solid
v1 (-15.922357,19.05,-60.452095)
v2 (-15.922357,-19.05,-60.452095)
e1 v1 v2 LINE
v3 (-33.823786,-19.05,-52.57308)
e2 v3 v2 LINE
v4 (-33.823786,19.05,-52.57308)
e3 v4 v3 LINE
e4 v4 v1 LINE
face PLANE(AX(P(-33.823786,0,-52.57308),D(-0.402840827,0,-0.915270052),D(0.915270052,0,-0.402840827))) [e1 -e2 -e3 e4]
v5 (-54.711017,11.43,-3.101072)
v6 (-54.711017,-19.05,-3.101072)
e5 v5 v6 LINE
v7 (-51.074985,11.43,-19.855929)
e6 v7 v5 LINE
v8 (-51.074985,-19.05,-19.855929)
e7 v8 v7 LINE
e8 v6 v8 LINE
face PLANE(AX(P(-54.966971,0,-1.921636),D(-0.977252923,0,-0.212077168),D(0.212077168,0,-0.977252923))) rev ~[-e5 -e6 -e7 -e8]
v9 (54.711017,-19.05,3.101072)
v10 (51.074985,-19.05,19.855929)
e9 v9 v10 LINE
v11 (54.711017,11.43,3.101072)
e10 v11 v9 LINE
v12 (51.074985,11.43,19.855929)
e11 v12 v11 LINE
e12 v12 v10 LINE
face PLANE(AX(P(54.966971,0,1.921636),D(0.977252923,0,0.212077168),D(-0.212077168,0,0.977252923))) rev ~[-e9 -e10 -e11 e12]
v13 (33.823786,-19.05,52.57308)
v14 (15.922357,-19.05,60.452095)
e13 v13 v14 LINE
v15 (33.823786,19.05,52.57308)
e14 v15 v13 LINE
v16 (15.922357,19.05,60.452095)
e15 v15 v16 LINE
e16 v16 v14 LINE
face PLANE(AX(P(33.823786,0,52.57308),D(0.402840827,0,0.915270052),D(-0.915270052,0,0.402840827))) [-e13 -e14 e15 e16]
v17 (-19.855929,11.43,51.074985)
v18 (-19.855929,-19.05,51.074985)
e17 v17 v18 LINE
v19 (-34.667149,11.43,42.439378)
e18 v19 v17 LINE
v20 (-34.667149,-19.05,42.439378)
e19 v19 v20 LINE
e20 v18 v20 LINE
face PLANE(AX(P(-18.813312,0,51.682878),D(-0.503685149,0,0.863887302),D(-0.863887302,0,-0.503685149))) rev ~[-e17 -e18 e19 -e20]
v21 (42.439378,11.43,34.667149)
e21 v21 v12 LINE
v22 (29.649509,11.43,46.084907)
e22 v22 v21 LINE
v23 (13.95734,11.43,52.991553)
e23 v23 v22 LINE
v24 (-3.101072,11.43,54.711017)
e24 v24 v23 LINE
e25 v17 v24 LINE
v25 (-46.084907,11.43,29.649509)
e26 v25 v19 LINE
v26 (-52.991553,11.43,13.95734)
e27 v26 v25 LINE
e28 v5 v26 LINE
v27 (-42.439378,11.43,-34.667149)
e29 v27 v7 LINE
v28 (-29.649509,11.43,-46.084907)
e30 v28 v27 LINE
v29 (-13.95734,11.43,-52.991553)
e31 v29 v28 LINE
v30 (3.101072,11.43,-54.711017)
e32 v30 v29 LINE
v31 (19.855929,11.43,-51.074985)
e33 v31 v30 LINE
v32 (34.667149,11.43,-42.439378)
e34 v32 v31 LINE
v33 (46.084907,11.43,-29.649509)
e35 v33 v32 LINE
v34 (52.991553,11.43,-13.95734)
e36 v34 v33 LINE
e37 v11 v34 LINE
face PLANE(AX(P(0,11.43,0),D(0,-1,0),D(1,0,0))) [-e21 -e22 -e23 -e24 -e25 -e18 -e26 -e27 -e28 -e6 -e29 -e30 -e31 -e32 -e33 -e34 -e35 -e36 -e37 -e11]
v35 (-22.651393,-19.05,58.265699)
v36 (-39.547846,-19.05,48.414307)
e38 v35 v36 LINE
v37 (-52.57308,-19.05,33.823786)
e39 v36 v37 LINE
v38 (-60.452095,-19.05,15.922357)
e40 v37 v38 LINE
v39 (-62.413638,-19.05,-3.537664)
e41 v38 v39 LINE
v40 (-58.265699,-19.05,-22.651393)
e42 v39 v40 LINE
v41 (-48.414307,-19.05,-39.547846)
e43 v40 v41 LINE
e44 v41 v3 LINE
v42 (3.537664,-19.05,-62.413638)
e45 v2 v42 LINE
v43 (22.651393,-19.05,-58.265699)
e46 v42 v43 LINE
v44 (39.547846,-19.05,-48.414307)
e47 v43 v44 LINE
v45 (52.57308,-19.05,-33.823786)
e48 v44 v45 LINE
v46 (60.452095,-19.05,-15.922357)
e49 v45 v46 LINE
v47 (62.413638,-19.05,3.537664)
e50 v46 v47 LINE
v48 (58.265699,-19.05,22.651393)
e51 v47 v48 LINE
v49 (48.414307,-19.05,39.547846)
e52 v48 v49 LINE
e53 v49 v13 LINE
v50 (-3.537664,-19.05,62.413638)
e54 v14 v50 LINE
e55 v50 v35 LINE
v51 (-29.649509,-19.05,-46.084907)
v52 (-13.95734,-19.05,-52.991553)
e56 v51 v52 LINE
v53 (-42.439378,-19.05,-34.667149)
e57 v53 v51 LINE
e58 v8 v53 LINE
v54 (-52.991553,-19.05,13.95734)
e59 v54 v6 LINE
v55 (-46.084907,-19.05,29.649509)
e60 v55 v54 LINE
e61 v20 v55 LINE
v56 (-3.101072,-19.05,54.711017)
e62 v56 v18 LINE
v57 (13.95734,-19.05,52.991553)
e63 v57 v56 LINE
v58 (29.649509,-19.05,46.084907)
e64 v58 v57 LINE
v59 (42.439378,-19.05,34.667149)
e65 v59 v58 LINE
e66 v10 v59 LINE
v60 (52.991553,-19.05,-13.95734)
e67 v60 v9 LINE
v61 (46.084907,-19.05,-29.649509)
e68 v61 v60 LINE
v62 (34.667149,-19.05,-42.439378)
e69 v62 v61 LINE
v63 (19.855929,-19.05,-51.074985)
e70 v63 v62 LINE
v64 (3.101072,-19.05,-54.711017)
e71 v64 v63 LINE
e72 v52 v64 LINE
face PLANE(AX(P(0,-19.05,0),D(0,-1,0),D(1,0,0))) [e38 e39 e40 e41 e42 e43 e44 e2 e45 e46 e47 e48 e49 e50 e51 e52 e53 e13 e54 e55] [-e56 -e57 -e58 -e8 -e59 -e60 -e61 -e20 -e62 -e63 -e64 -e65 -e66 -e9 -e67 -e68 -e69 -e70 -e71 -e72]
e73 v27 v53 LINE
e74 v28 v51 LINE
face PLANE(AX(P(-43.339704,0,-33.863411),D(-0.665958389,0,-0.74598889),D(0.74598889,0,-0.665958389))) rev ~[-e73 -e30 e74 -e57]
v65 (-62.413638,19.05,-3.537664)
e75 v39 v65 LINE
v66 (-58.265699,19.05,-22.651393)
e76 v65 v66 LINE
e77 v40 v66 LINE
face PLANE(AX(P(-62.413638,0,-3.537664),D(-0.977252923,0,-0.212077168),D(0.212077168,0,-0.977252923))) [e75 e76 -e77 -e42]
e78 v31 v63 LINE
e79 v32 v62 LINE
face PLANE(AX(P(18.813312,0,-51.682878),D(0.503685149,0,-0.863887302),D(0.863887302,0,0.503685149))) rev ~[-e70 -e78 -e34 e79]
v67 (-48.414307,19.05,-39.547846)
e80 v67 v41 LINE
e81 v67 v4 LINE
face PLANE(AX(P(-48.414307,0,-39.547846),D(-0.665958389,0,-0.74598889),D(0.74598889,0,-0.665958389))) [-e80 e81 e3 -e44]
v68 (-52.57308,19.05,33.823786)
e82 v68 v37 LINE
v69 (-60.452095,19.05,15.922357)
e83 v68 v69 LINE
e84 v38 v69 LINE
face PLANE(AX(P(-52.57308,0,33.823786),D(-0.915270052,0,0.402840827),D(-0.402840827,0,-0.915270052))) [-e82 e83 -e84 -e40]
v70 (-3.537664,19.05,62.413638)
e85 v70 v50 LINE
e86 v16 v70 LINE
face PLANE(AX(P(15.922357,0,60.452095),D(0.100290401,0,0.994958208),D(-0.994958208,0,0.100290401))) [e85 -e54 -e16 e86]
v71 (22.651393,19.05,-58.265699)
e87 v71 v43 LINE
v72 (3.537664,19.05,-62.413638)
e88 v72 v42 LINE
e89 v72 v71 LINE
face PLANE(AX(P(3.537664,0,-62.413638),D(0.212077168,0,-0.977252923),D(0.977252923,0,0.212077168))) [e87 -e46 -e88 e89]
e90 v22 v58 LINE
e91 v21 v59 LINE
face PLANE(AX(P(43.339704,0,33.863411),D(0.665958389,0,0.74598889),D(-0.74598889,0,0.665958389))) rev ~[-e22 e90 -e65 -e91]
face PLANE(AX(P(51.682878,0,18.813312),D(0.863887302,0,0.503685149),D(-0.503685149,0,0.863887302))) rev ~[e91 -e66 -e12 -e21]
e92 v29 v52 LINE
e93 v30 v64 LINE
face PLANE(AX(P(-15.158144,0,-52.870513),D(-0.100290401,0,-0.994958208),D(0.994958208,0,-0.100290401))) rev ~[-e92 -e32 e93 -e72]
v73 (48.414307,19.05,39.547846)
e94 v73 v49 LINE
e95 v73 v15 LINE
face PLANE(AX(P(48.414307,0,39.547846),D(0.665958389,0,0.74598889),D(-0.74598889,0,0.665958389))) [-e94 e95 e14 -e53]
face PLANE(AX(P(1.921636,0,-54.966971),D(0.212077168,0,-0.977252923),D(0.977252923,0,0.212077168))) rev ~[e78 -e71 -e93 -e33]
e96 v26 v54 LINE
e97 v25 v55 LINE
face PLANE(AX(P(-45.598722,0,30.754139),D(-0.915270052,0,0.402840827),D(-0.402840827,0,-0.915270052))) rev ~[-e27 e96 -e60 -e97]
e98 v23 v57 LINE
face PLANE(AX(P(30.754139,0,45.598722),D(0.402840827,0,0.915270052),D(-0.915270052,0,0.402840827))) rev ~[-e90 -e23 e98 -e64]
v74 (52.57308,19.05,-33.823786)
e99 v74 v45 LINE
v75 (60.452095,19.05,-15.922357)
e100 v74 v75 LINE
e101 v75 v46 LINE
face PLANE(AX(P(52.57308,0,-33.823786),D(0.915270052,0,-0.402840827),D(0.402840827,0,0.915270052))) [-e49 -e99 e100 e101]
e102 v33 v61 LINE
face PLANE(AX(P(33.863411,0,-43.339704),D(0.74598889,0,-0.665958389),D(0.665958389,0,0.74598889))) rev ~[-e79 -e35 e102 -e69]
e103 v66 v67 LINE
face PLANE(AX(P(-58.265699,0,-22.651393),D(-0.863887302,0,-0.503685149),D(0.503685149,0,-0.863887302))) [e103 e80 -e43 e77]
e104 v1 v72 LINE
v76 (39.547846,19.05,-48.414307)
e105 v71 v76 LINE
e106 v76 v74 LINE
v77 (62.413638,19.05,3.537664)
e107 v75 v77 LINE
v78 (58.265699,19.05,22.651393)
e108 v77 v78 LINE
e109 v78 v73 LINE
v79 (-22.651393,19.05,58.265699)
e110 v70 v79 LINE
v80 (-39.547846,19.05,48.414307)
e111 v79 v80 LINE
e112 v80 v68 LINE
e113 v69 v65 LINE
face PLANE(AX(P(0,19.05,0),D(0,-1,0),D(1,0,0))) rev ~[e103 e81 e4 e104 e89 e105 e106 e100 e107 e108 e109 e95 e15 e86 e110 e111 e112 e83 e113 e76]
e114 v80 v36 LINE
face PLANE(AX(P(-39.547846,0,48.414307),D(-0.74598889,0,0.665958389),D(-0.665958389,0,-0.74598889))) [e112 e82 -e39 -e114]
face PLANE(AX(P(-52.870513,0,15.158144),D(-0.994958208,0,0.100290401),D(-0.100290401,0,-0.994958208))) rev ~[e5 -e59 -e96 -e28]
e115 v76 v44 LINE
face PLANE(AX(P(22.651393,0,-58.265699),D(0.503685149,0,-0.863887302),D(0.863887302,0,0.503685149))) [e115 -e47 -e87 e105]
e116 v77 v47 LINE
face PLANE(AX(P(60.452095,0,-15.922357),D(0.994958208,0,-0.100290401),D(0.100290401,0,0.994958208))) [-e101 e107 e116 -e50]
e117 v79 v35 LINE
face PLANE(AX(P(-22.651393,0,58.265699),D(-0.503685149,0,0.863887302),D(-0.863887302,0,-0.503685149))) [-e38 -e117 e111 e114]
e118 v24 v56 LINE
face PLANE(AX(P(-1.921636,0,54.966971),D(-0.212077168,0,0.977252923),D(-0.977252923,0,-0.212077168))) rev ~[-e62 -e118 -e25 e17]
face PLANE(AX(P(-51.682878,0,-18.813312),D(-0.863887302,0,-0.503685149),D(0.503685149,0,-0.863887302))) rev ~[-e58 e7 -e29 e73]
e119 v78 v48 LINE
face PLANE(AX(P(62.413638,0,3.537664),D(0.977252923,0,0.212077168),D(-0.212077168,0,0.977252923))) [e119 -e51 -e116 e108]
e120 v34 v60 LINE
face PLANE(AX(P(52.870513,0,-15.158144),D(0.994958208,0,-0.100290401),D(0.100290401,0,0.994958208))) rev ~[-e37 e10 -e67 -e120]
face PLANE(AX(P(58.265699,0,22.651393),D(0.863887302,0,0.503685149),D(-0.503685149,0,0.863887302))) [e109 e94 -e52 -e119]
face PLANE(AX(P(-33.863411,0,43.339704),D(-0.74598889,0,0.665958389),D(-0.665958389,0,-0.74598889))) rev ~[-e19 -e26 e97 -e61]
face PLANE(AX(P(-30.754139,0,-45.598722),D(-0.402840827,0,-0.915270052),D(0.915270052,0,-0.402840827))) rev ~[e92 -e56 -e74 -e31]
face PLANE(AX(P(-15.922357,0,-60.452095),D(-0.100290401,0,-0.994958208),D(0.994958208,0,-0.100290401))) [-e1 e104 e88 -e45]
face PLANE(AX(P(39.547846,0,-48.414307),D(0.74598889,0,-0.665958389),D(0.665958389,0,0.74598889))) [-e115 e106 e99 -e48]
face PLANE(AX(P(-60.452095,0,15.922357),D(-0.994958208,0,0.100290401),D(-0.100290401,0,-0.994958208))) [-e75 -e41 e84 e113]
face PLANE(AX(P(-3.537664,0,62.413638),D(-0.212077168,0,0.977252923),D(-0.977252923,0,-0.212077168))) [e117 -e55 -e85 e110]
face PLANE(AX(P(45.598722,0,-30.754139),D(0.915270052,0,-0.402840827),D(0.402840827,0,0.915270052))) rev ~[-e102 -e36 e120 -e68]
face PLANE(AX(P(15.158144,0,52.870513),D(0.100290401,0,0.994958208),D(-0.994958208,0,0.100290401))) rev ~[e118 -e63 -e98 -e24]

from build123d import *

# Parameters (mm, degrees)
F1_DEPTH = 19.05
F2_T     = -7.62


with BuildPart() as f1:
    # F0 (on Front) → F1 (new body, symmetric)
    with BuildSketch(Plane.XZ):
        Polygon((-58.265699, -22.651393), (-48.414307, -39.547846), (-33.823786, -52.57308), (-15.922357, -60.452095), (3.537664, -62.413638), (22.651393, -58.265699), (39.547846, -48.414307), (52.57308, -33.823786), (60.452095, -15.922357), (62.413638, 3.537664), (58.265699, 22.651393), (48.414307, 39.547846), (33.823786, 52.57308), (15.922357, 60.452095), (-3.537664, 62.413638), (-22.651393, 58.265699), (-39.547846, 48.414307), (-52.57308, 33.823786), (-60.452095, 15.922357), (-62.413638, -3.537664), align=None)
    extrude(amount=F1_DEPTH, both=True)

    # F2
    f2_openings = [f1.faces().sort_by_distance(p)[0] for p in [
        (0, -19.05, 0),
    ]]
    offset(amount=F2_T, openings=f2_openings)


solid = f1.part
